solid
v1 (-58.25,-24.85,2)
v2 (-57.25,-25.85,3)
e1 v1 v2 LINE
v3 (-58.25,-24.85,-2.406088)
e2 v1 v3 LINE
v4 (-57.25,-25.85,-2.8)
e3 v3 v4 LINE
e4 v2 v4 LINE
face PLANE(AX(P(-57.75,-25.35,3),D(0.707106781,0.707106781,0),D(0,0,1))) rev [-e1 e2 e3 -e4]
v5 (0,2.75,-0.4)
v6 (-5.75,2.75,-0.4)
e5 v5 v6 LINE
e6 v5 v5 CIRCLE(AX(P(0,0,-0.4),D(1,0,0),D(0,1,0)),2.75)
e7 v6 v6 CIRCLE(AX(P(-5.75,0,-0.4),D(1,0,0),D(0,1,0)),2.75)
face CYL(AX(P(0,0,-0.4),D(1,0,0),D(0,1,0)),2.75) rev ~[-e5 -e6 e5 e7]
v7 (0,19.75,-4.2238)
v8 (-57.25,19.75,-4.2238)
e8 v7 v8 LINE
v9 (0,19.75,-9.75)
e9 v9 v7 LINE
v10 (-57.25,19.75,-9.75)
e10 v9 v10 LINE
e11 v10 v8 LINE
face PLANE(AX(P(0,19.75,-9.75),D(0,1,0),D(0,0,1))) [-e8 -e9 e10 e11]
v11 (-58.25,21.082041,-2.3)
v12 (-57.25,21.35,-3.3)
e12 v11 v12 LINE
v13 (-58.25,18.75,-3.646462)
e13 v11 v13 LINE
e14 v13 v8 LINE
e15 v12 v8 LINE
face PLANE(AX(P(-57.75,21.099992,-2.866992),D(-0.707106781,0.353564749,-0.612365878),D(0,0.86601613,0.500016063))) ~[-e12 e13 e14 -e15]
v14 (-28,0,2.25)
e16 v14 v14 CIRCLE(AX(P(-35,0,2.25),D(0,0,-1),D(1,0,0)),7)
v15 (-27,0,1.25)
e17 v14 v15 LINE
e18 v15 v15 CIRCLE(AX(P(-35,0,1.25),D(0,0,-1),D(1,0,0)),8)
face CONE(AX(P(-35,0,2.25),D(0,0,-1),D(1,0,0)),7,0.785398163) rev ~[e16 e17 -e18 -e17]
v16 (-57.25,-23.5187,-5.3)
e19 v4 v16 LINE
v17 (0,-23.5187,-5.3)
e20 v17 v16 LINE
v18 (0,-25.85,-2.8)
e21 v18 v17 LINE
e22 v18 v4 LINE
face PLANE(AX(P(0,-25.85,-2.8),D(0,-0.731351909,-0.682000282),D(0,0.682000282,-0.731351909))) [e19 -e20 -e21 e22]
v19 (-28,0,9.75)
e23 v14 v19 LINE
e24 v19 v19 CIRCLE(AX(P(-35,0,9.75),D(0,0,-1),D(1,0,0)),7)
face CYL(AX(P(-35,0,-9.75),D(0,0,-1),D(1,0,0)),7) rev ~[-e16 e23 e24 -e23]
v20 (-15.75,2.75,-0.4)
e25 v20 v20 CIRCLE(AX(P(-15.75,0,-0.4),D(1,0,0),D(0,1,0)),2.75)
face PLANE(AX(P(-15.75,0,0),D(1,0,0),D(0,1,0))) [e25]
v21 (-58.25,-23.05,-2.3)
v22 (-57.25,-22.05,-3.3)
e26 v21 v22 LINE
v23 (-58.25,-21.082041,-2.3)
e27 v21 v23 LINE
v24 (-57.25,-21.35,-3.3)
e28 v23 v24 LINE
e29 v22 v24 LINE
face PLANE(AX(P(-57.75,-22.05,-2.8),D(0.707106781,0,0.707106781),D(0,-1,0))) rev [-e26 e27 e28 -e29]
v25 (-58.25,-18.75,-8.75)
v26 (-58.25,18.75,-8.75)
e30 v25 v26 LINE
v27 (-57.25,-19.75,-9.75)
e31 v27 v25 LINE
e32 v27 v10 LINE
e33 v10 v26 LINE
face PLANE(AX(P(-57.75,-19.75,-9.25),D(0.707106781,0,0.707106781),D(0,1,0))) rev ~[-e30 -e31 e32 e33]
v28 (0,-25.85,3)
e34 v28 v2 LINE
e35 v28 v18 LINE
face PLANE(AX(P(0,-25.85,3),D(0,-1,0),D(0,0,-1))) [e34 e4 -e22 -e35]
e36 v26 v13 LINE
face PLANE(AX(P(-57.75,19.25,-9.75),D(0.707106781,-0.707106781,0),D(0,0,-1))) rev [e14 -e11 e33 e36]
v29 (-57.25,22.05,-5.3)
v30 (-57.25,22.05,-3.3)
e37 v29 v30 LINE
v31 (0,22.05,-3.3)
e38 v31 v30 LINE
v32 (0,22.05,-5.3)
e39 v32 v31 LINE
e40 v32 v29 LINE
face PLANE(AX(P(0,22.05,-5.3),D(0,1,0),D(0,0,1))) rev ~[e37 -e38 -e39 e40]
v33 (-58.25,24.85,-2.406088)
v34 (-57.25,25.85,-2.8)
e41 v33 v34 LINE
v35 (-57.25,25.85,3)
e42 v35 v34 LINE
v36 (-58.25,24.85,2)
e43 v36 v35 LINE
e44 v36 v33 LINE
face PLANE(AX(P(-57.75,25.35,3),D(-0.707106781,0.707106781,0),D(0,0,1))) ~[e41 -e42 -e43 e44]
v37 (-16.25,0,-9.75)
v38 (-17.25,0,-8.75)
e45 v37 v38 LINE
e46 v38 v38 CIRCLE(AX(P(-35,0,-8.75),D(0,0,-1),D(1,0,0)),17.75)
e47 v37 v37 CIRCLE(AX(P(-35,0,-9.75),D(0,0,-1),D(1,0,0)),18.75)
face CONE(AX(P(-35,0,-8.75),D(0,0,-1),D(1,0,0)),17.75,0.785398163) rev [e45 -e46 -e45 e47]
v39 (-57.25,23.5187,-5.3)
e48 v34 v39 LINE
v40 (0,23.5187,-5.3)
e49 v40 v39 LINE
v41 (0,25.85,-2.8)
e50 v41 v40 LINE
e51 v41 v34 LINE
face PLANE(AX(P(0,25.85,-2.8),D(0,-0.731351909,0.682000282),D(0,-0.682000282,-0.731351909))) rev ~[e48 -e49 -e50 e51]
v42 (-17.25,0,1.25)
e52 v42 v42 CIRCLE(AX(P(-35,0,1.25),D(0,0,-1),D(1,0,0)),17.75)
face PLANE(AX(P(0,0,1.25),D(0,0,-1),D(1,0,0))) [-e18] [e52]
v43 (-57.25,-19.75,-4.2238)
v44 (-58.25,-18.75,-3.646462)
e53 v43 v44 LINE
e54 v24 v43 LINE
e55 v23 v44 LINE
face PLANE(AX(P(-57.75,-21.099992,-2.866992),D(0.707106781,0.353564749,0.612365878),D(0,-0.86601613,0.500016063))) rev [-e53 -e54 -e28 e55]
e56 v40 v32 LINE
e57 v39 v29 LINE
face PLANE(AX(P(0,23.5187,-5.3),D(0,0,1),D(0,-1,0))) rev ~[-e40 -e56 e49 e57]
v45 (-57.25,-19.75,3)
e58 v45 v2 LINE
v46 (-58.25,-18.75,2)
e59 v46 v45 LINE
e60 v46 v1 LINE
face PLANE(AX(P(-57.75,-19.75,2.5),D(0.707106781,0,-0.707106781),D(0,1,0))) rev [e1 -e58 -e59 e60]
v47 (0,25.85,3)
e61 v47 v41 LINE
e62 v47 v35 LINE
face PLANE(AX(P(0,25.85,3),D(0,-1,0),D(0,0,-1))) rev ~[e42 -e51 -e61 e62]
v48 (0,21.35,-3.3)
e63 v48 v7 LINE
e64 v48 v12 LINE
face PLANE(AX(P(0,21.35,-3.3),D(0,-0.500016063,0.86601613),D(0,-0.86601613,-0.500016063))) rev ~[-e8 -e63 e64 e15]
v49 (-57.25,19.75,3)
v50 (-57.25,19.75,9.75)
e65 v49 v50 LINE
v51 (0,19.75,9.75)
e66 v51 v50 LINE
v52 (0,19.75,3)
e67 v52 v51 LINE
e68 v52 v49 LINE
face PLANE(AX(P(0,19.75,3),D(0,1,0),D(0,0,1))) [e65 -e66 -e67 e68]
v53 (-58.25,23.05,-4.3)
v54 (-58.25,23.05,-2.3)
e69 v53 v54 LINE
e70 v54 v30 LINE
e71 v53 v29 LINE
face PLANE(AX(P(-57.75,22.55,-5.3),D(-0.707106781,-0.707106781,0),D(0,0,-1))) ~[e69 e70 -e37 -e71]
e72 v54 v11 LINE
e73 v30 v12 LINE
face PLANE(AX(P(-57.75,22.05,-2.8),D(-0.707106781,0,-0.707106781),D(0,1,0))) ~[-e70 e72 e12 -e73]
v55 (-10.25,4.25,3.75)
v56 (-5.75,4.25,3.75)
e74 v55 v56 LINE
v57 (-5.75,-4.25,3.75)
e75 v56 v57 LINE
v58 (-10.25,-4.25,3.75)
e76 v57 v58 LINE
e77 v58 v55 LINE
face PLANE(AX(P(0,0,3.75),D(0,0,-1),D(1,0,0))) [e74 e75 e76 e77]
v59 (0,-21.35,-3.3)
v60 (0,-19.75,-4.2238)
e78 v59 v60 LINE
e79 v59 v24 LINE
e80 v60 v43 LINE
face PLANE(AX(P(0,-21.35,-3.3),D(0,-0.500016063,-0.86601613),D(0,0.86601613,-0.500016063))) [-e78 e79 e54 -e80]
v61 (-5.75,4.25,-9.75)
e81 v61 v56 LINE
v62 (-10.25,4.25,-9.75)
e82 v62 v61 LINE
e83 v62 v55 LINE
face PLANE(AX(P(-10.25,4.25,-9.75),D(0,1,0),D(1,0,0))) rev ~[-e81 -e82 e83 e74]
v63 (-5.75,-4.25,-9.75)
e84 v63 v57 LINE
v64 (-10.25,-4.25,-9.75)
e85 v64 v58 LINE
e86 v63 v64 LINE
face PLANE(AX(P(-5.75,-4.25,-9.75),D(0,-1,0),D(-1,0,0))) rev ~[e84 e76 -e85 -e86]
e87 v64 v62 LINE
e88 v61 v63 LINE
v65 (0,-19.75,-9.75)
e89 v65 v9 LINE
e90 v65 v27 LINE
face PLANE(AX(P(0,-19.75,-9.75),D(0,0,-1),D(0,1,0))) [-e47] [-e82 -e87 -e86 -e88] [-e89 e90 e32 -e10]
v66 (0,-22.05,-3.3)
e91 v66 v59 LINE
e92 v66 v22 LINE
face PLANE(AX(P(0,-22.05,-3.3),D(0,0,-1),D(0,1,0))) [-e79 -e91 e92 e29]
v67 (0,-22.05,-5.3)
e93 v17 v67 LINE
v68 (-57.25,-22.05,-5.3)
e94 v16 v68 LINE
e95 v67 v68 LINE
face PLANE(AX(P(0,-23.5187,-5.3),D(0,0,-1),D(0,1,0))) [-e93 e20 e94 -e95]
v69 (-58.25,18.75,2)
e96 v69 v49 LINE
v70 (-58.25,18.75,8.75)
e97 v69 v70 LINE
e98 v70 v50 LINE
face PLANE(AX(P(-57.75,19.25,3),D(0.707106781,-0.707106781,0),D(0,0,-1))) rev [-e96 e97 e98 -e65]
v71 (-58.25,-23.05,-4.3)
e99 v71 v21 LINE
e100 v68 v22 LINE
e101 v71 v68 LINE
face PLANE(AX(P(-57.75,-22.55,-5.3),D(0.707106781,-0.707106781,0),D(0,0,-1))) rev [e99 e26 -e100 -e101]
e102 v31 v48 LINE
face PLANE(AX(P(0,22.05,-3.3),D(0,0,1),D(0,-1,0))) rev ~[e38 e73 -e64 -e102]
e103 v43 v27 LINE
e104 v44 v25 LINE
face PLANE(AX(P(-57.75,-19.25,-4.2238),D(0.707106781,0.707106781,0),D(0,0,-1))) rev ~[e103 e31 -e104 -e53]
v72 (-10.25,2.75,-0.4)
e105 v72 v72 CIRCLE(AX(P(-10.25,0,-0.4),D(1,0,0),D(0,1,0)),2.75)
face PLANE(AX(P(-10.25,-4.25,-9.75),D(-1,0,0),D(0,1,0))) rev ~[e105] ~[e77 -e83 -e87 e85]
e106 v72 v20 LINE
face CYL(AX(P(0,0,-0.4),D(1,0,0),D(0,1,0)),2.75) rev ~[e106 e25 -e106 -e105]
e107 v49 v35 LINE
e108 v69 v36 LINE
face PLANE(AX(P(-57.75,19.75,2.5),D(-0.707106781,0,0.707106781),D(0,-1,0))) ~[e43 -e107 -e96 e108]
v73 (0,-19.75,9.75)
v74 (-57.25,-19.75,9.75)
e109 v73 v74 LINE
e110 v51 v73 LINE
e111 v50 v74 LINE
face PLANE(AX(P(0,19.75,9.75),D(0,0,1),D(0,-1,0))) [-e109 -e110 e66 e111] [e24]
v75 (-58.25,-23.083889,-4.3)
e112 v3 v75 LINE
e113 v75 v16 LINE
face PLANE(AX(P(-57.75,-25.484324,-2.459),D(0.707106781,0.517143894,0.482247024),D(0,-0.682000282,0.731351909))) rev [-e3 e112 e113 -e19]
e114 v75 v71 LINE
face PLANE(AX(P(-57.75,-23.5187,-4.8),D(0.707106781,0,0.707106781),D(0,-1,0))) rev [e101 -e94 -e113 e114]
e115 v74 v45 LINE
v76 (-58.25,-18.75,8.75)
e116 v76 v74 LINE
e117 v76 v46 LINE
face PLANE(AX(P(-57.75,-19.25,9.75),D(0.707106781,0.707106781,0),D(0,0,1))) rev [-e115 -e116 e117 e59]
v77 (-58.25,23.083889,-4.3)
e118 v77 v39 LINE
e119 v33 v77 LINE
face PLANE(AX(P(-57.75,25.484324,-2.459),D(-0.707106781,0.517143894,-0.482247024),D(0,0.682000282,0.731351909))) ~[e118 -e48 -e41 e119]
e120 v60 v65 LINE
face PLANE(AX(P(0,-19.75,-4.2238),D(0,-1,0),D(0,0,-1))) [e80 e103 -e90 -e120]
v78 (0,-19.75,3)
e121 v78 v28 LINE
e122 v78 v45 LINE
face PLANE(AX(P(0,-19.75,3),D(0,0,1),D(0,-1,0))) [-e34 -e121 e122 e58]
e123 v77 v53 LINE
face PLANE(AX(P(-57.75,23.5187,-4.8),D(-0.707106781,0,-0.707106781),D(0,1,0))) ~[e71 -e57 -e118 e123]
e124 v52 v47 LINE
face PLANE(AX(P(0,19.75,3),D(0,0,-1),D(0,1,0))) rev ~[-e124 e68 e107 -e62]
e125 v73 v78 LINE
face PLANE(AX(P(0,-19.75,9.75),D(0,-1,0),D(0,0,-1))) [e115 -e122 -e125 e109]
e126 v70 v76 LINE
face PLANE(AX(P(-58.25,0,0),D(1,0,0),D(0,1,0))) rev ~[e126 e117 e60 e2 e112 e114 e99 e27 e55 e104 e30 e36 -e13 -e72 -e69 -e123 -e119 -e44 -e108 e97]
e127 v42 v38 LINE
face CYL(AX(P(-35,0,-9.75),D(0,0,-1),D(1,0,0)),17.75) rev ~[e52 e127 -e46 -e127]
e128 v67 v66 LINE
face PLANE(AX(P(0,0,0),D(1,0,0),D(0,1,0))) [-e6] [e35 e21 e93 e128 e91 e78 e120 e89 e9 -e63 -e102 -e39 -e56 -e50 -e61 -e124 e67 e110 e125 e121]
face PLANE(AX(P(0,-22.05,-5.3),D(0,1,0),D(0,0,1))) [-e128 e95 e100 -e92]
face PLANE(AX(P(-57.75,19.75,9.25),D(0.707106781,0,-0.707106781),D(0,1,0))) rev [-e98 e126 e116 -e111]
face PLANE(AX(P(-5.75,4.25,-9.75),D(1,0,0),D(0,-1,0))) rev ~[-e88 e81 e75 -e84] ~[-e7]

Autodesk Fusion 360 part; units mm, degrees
sketch "Main Profile" plane through (0, 0, 0) normal (1, 0, 0) x (0, 1, 0)
  line L0 (-19.75, -9.75) -> (19.75, -9.75)
  line L1 (19.75, -9.75) -> (19.75, 9.75)
  line L2 (19.75, 9.75) -> (-19.75, 9.75)
  line L3 (-19.75, 9.75) -> (-19.75, -9.75)
  line L4 (-19.75, -9.75) -> (19.75, 9.75) construction
  line L5 (19.75, -9.75) -> (-19.75, 9.75) construction
  line L6 (-19.75, 3) -> (-25.85, 3)
  line L7 (-25.85, 3) -> (-25.85, -2.8)
  line L8 (-25.85, -2.8) -> (-23.5187, -5.3)
  line L9 (-23.5187, -5.3) -> (-22.05, -5.3)
  line L10 (-22.05, -5.3) -> (-22.05, -3.3)
  line L11 (-22.05, -3.3) -> (-21.35, -3.3)
  line L12 (-21.35, -3.3) -> (-19.75, -4.2238)
  line L13 (0, 9.75) -> (0, -9.75) construction
  line L14 (19.75, 3) -> (25.85, 3)
  line L15 (25.85, 3) -> (25.85, -2.8)
  line L16 (25.85, -2.8) -> (23.5187, -5.3)
  line L17 (23.5187, -5.3) -> (22.05, -5.3)
  line L18 (22.05, -5.3) -> (22.05, -3.3)
  line L19 (22.05, -3.3) -> (21.35, -3.3)
  line L20 (21.35, -3.3) -> (19.75, -4.2238)
  circle A0 centre (0, -0.4) radius 2.75
  dimension "d1" = 39.5
  dimension "d2" = 19.5
  dimension "d3" = 6.1
  dimension "d4" = 6.75
  dimension "d5" = 8.3
  dimension "d6" = 43
  dimension "d7" = 2.5
  dimension "d8" = 120
  dimension "d9" = 3.8
  dimension "d10" = 2
  dimension "d11" = 1.6
  dimension "d12" = 5.5
  dimension "d13" = 0.4
extrude "Extrude1" add sketch "Main Profile" against normal blind 58.25 contours L0 L1 L2 L3 | L3 L6 L7 L8 L9 L10 L11 L12 | L1 L14 L15 L16 L17 L18 L19 L20 | A0
sketch "Side" plane through (0, 0, -9.75) normal (0, 0, -1) x (1, 0, 0)
  line L0 (0, -19.75) -> (0, 19.75)
  line L1 (0, 19.75) -> (-58.25, 19.75)
  line L2 (-58.25, 19.75) -> (-58.25, -19.75)
  line L3 (-58.25, -19.75) -> (0, -19.75)
  circle A0 centre (-35, 0) radius 17.75
  circle A1 centre (-35, 0) radius 7
  line L4 (-10.25, -4.25) -> (-5.75, -4.25)
  line L5 (-5.75, -4.25) -> (-5.75, 4.25)
  line L6 (-5.75, 4.25) -> (-10.25, 4.25)
  line L7 (-10.25, 4.25) -> (-10.25, -4.25)
  line L8 (-10.25, -4.25) -> (-5.75, 4.25) construction
  line L9 (-5.75, -4.25) -> (-10.25, 4.25) construction
  point P0 (-8, 0)
  dimension "d16" = 35.5
  dimension "d17" = 35
  dimension "d18" = 14
  dimension "d19" = 8.5
  dimension "d20" = 4.5
  dimension "d21" = 5.75
extrude "Extrude2" cut sketch "Side" against normal blind 13.5 contours L4 L5 L6 L7
extrude "Extrude3" cut sketch "Side" against normal blind 40 contours A1
extrude "Extrude4" cut sketch "Side" against normal blind 10.85 contours A0
extrude "Extrude5" cut sketch "Main Profile" against normal blind 15.75 contours A0
extrude "Extrude6" cut 1 faces at (-20.8994, 0.8818, 1.1) along direction (0, 0, 1) blind 0.15
chamfer "Chamfer1" distance 1 angle 45 1 edges at (-51.5488, -6.4187, -9.75)
chamfer "Chamfer2" distance 1 angle 45 20 edges at (-58.25, 0, -9.75) (-58.25, -19.75, -6.9869) (-58.25, -20.55, -3.7619) (-58.25, -21.7, -3.3) (-58.25, -22.05, -4.3) (-58.25, -22.7844, -5.3) (-58.25, -24.6844, -4.05) (-58.25, -25.85, 0.1) (-58.25, -22.8, 3) (-58.25, -19.75, 6.375) (-58.25, 0, 9.75) (-58.25, 19.75, 6.375) (-58.25, 22.8, 3) (-58.25, 25.85, 0.1) (-58.25, 24.6844, -4.05) (-58.25, 22.7844, -5.3) (-58.25, 22.05, -4.3) (-58.25, 19.75, -6.9869) (-58.25, 21.7, -3.3) (-58.25, 20.55, -3.7619)
chamfer "Chamfer3" distance 1 angle 45 1 edges at (-41.5263, 2.5313, 1.25)
